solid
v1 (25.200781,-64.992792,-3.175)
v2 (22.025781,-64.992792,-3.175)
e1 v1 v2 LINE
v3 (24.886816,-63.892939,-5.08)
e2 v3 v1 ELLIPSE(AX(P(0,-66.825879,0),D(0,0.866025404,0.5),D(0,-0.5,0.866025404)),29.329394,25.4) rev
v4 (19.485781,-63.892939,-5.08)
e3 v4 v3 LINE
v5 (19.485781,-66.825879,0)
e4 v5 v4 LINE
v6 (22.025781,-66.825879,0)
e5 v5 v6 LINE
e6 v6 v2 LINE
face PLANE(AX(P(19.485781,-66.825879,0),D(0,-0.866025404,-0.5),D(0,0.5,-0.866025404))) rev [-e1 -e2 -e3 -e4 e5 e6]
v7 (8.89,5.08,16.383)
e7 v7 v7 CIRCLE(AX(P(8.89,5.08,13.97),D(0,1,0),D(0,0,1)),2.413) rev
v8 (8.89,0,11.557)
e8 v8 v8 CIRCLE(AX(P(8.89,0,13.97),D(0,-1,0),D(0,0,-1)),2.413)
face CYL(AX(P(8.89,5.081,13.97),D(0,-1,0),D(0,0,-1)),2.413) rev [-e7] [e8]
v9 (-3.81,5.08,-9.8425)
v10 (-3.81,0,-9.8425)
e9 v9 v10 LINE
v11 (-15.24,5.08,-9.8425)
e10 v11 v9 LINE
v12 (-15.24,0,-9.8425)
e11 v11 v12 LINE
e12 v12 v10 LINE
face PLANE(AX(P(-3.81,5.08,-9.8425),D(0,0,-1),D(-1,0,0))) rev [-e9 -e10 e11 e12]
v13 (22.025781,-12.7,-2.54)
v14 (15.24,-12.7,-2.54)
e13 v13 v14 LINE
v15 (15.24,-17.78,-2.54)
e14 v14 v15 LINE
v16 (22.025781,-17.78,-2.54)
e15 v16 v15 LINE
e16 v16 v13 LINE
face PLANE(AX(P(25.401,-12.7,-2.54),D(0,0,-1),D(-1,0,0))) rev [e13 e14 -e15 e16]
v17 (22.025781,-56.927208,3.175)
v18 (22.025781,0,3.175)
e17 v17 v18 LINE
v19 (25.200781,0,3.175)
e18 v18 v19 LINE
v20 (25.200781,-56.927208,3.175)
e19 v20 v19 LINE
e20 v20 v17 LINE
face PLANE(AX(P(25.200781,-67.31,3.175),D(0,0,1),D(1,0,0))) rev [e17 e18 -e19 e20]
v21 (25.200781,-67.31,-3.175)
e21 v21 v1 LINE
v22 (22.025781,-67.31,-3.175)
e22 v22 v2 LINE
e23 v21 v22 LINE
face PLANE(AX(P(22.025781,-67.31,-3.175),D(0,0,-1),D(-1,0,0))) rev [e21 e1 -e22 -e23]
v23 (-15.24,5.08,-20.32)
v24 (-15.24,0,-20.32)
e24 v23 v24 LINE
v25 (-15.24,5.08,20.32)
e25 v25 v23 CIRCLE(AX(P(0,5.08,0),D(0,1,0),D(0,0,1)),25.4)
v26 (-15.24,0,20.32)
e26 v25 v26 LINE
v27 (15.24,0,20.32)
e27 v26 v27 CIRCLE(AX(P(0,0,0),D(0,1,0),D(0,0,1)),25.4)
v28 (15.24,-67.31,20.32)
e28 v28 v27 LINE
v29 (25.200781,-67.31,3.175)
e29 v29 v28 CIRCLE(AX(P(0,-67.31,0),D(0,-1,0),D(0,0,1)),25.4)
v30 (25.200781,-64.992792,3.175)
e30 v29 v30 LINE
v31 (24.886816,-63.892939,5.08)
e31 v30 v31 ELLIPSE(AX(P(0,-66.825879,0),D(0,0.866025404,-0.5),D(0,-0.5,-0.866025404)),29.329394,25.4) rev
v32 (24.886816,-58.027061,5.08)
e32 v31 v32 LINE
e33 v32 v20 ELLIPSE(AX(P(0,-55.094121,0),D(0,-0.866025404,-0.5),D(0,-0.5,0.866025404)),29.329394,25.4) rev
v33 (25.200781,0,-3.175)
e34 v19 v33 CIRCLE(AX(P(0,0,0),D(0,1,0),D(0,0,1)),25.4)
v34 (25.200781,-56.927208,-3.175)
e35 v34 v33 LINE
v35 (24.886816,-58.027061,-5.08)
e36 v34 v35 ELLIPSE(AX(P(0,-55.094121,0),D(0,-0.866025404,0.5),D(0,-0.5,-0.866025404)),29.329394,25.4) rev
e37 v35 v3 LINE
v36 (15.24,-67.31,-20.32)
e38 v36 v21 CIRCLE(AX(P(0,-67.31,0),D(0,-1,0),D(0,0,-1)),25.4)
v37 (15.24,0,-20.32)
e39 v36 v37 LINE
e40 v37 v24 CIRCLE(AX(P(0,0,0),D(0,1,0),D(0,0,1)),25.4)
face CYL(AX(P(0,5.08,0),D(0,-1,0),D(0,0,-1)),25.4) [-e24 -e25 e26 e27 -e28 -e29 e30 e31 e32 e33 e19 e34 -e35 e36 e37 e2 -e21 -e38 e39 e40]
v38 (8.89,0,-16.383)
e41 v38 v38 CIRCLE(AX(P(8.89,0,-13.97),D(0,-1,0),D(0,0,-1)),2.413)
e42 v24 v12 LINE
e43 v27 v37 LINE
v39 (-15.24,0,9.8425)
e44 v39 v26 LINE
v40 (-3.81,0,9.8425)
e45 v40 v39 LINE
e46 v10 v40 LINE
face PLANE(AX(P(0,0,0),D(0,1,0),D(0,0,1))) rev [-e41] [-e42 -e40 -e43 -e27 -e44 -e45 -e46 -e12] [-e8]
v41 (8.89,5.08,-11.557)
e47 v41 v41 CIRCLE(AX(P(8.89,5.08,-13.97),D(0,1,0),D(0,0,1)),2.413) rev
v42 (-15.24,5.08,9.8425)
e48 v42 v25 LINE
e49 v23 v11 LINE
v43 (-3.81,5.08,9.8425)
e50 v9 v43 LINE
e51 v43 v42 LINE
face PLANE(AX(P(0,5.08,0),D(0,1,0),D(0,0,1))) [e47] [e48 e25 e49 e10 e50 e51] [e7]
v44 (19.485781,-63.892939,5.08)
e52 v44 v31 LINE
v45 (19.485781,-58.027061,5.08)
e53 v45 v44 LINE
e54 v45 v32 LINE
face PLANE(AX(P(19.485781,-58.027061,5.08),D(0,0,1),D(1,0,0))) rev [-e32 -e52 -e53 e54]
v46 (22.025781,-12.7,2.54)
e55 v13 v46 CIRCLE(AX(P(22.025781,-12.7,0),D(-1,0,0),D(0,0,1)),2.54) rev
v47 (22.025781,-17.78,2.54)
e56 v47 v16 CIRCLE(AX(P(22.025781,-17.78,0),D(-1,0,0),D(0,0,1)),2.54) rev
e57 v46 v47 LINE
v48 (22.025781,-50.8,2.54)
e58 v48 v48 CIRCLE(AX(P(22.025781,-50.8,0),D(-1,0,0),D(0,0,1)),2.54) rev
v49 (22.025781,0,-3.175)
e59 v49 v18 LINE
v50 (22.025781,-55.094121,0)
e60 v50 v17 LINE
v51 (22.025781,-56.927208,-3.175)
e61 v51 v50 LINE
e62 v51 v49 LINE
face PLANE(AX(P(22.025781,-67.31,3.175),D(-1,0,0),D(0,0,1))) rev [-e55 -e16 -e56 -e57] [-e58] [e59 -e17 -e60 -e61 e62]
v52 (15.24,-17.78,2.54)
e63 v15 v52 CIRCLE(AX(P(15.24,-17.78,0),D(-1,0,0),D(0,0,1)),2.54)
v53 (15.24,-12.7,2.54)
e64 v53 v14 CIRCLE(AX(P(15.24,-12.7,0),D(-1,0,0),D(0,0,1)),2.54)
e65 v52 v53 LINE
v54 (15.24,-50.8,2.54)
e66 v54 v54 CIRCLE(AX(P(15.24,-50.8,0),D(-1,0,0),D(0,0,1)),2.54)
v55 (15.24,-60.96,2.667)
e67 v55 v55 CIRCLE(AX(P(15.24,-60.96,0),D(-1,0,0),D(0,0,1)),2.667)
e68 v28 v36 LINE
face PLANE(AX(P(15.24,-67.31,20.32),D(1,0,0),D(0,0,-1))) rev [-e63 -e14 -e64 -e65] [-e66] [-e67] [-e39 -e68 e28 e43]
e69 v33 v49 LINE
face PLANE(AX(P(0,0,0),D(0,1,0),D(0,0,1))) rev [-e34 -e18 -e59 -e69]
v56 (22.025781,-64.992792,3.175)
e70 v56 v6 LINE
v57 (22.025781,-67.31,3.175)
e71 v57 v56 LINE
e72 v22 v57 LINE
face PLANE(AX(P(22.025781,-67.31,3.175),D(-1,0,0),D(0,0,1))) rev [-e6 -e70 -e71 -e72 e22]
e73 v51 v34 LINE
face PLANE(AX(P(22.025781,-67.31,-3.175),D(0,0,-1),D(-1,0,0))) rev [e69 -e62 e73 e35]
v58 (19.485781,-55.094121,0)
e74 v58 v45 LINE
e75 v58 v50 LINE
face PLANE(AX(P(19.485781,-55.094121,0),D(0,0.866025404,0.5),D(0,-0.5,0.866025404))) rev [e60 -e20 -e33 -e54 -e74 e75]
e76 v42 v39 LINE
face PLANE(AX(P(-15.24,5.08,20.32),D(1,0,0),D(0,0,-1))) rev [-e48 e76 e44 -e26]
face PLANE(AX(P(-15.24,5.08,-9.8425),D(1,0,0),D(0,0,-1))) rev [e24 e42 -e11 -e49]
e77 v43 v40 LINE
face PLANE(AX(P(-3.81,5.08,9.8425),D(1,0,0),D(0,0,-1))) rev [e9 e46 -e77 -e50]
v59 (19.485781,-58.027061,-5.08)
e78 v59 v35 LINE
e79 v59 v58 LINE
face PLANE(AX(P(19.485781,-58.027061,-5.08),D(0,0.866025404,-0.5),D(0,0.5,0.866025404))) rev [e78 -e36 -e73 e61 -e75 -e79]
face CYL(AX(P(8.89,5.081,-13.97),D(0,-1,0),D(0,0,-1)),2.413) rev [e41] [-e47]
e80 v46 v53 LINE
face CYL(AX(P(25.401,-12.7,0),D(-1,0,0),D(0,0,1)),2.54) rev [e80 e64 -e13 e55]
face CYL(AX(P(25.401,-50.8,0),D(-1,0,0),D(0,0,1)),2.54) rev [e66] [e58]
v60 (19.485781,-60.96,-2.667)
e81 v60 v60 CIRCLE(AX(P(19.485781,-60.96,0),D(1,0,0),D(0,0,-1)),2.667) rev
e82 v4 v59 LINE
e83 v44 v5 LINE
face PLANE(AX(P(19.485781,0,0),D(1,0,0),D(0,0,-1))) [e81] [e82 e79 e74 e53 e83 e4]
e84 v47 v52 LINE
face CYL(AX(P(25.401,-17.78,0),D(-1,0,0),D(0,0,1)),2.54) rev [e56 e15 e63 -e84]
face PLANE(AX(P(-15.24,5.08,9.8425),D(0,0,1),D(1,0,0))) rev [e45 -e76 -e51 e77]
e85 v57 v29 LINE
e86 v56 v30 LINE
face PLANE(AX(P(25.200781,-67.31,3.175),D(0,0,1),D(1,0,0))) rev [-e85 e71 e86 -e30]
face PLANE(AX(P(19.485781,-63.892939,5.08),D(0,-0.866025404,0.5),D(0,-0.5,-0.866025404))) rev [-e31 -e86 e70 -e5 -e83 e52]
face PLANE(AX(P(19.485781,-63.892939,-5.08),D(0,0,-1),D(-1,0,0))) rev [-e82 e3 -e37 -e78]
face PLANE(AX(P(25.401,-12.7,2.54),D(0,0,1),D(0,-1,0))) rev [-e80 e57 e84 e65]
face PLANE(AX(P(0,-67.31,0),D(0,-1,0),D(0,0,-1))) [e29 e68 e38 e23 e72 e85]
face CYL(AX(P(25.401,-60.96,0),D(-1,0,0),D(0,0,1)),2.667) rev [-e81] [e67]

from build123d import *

# Parameters (mm, degrees)
PLATE_DEPTH             = 5.08
BOLTHOLES_REACH         = 38.278
SKETCH15_R              = 2.413
UPRIGHT_START           = 67.31
UPRIGHT_DEPTH           = 67.31
UPRIGHT_BOLTHOLES_REACH = 80.133
SKETCH17_R              = 2.54
SKETCH17_R_2            = 2.667
NUT_HOLE_START          = -2.54
NUT_HOLE_DEPTH          = 5.715


with BuildPart() as part:
    # Sketch2 → plate (new body)
    with BuildSketch(Plane(origin=(0, 0, 0), x_dir=(1, 0, 0), z_dir=(0, 1, 0))):
        with BuildLine():
            Line((-15.24, -20.32), (-15.24, -9.8425))
            Line((-15.24, -9.8425), (-3.81, -9.8425))
            Line((-3.81, -9.8425), (-3.81, 9.8425))
            Line((-3.81, 9.8425), (-15.24, 9.8425))
            Line((-15.24, 9.8425), (-15.24, 20.32))
            ThreePointArc((-15.24, 20.32), (25.4, 0), (-15.24, -20.32))
        make_face()
    extrude(amount=PLATE_DEPTH)

    # Sketch15 → boltholes (cut, up to next)
    with BuildSketch(Plane.XZ, mode=Mode.PRIVATE) as boltholes_sk1:
        with Locations(Location((8.89, 13.97, 0), (0, 0, 270))):
            Circle(SKETCH15_R)
    boltholes_tool1 = extrude(boltholes_sk1.sketch, amount=-BOLTHOLES_REACH, mode=Mode.PRIVATE) & part.part
    # Sketch15 → boltholes (cut, up to next)
    with BuildSketch(Plane.XZ, mode=Mode.PRIVATE) as boltholes_sk2:
        with Locations(Location((8.89, -13.97, 0), (0, 0, 270))):
            Circle(SKETCH15_R)
    boltholes_tool2 = extrude(boltholes_sk2.sketch, amount=-BOLTHOLES_REACH, mode=Mode.PRIVATE) & part.part
    add(boltholes_tool1.solids().sort_by_distance((8.89, 0, 13.97))[0], mode=Mode.SUBTRACT)
    add(boltholes_tool2.solids().sort_by_distance((8.89, 0, -13.97))[0], mode=Mode.SUBTRACT)

    # Sketch16 → upright (add)
    with BuildSketch(Plane.XZ.offset(UPRIGHT_START)):
        with BuildLine():
            Line((15.24, 20.32), (15.24, -20.32))
            ThreePointArc((15.24, -20.32), (21.962512448, -12.759625659), (25.200781238, -3.175))
            Line((25.200781238, -3.175), (22.025781238, -3.175))
            Line((22.025781238, -3.175), (22.025781238, 3.175))
            Line((22.025781238, 3.175), (25.200781238, 3.175))
            ThreePointArc((25.200781238, 3.175), (21.962512448, 12.759625659), (15.24, 20.32))
        make_face()
    extrude(amount=-UPRIGHT_DEPTH)

    # Sketch17 → upright_boltholes (cut, up to next)
    with BuildSketch(Plane.ZY.offset(-15.24), mode=Mode.PRIVATE) as upright_boltholes_sk1:
        with Locations((0, -50.8)):
            Circle(SKETCH17_R)
    upright_boltholes_tool1 = extrude(upright_boltholes_sk1.sketch, amount=-UPRIGHT_BOLTHOLES_REACH, mode=Mode.PRIVATE) & part.part
    # Sketch17 → upright_boltholes (cut, up to next)
    with BuildSketch(Plane.ZY.offset(-15.24), mode=Mode.PRIVATE) as upright_boltholes_sk2:
        with Locations((0, -60.96)):
            Circle(SKETCH17_R_2)
    upright_boltholes_tool2 = extrude(upright_boltholes_sk2.sketch, amount=-UPRIGHT_BOLTHOLES_REACH, mode=Mode.PRIVATE) & part.part
    # Sketch17 → upright_boltholes (cut, up to next)
    with BuildSketch(Plane.ZY.offset(-15.24), mode=Mode.PRIVATE) as upright_boltholes_sk3:
        with BuildLine():
            Line((2.54, -12.7), (2.54, -17.78))
            ThreePointArc((2.54, -17.78), (0, -20.32), (-2.54, -17.78))
            Line((-2.54, -17.78), (-2.54, -12.7))
            ThreePointArc((-2.54, -12.7), (0, -10.16), (2.54, -12.7))
        make_face()
    upright_boltholes_tool3 = extrude(upright_boltholes_sk3.sketch, amount=-UPRIGHT_BOLTHOLES_REACH, mode=Mode.PRIVATE) & part.part
    add(upright_boltholes_tool1.solids().sort_by_distance((15.24, -50.8, 0))[0], mode=Mode.SUBTRACT)
    add(upright_boltholes_tool2.solids().sort_by_distance((15.24, -60.96, 0))[0], mode=Mode.SUBTRACT)
    add(upright_boltholes_tool3.solids().sort_by_distance((15.24, -15.24, 0))[0], mode=Mode.SUBTRACT)

    # Sketch18 → nut_hole (cut)
    with BuildSketch(Plane(origin=(22.025781238, 0, 0), x_dir=(0, 0, -1), z_dir=(1, 0, 0)).offset(NUT_HOLE_START)):
        Polygon((0, -66.825878735), (5.08, -63.892939367), (5.08, -58.027060633), (0, -55.094121265), (-5.08, -58.027060633), (-5.08, -63.892939367), align=None)
    extrude(amount=NUT_HOLE_DEPTH, mode=Mode.SUBTRACT)


solid = part.part
